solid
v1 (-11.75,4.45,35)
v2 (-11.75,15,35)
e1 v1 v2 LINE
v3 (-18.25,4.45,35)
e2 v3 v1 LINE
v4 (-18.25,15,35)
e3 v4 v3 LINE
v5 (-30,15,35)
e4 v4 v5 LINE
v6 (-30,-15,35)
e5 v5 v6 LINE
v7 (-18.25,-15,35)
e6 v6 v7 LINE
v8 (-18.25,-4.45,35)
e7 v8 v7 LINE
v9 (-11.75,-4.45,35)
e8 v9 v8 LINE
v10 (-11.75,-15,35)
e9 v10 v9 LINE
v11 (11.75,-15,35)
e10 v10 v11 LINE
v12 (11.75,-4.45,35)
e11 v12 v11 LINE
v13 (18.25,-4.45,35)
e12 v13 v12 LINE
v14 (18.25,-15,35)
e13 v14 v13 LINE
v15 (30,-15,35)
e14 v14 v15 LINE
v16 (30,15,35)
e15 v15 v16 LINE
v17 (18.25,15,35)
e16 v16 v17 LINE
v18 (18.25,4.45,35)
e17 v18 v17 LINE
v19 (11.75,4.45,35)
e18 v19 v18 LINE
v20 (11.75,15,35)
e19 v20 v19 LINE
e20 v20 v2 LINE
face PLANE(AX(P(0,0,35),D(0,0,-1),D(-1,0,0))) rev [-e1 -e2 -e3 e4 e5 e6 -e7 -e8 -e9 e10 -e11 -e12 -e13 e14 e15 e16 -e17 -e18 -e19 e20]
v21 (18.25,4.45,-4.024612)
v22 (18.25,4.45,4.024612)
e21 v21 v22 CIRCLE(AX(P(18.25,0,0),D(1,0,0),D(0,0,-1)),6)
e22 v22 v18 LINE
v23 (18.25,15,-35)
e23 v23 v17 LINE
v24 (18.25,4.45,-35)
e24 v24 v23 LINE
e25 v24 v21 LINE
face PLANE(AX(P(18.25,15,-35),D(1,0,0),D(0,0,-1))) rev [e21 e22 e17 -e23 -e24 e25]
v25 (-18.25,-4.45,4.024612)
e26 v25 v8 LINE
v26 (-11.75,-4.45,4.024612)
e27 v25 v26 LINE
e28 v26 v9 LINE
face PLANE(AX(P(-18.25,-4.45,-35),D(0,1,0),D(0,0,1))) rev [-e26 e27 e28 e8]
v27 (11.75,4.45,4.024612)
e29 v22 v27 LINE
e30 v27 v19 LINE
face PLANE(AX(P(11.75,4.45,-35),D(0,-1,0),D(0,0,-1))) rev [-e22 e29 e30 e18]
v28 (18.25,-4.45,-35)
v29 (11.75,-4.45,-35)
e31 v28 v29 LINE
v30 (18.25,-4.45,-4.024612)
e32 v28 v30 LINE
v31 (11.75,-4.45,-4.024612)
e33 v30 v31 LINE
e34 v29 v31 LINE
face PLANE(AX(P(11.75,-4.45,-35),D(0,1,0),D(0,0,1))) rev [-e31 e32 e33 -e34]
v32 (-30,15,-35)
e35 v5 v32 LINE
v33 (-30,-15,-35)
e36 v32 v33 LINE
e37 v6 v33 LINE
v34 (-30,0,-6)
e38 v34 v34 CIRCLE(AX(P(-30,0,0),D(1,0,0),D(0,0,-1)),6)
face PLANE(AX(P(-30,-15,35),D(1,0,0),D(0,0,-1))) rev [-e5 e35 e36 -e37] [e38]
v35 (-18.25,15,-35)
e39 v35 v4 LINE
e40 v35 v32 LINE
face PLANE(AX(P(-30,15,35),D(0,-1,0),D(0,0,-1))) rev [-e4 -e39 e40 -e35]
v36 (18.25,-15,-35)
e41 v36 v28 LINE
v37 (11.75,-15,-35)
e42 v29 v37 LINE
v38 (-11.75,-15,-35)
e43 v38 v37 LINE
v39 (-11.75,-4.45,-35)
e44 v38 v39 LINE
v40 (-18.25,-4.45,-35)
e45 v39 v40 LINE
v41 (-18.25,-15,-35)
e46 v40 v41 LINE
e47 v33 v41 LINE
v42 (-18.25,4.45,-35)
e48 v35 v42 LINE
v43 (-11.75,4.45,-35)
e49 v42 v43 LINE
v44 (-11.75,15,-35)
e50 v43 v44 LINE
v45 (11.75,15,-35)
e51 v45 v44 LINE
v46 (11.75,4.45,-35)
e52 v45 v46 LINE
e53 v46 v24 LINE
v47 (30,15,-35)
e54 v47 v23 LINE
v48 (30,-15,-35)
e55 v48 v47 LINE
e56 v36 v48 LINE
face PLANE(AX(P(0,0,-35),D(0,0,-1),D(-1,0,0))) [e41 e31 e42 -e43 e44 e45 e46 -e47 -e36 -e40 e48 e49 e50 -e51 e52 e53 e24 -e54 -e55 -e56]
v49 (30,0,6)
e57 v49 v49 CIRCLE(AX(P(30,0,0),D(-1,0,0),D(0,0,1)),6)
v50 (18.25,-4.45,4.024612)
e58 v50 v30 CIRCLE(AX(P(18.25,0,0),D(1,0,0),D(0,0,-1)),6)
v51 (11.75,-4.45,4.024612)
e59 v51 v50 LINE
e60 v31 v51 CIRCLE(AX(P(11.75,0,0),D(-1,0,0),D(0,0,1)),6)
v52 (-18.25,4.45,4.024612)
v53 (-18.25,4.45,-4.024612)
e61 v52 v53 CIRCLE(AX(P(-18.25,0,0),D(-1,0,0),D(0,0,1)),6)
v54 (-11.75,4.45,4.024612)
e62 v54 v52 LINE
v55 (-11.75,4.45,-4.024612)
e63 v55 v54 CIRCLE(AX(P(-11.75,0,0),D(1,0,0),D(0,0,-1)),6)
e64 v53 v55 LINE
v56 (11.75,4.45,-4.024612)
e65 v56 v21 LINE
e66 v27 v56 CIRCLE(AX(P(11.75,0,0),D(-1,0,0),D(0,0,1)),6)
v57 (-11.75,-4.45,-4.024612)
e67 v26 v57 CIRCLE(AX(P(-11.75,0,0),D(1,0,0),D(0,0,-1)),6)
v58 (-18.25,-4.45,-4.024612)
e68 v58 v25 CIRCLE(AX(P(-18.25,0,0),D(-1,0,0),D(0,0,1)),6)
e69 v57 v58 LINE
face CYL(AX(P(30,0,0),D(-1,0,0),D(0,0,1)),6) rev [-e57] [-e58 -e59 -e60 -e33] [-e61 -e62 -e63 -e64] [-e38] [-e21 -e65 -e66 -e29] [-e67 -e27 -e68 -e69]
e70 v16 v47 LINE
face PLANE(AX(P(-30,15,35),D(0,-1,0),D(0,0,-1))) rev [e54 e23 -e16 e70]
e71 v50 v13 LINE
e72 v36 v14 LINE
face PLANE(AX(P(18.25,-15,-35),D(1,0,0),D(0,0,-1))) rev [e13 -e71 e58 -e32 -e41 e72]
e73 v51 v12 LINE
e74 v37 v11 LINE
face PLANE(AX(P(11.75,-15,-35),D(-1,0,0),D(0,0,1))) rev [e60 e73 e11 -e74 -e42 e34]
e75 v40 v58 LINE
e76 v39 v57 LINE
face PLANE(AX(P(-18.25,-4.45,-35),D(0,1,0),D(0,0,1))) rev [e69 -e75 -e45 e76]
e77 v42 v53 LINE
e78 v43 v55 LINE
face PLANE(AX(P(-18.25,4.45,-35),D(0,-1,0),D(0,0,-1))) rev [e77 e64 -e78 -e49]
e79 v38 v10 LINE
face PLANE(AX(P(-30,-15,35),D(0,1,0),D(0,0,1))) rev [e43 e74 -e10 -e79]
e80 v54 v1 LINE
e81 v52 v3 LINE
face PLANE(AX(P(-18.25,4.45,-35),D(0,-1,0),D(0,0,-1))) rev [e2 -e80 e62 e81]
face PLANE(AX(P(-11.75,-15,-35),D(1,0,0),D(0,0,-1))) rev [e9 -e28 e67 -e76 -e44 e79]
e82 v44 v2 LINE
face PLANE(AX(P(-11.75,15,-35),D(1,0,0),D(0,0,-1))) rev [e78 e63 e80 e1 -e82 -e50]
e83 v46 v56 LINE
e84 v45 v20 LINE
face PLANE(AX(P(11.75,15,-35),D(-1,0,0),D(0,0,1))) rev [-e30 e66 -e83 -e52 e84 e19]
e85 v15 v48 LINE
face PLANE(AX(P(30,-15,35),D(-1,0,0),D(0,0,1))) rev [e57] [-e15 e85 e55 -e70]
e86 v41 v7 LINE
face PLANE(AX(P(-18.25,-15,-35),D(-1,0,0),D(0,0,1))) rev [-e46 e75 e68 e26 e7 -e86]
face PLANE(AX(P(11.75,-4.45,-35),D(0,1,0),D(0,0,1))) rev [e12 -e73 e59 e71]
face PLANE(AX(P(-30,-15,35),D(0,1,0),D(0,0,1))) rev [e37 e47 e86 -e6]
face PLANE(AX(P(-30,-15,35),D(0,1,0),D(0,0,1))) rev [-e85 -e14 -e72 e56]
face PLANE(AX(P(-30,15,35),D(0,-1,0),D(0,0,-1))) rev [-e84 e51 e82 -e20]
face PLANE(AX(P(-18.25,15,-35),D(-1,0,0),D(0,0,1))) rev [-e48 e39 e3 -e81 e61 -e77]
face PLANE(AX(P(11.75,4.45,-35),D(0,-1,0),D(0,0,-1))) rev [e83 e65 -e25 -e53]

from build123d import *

# Parameters (mm, degrees)
SKETCH1_W               = 60
SKETCH1_H               = 30
BOSS_EXTRUDE1_DEPTH     = 35
CUT_EXTRUDE1_DEPTH      = 49.476798574
CUT_EXTRUDE1_DEPTH_BACK = 49.476798574
SKETCH3_W               = 6.5
SKETCH3_H               = 10.55
CUT_EXTRUDE2_DEPTH      = 72.063352018
CUT_EXTRUDE2_DEPTH_BACK = 72.063352018
SKETCH4_R               = 6


with BuildPart() as part:
    # Sketch1 → Boss-Extrude1 (new, symmetric)
    with BuildSketch(Plane.XY):
        Rectangle(SKETCH1_W, SKETCH1_H)
    extrude(amount=BOSS_EXTRUDE1_DEPTH, both=True)

    # Sketch3 → Cut-Extrude1 (cut, two sides: drawn at the far end of the back side and taken through both)
    with BuildSketch(Plane.XY.offset(-CUT_EXTRUDE1_DEPTH_BACK)):
        with Locations((15, 9.725)):
            Rectangle(SKETCH3_W, SKETCH3_H)
        with Locations((-15, 9.725)):
            Rectangle(SKETCH3_W, SKETCH3_H)
        with Locations((-15, -9.725)):
            Rectangle(SKETCH3_W, SKETCH3_H)
        with Locations((15, -9.725)):
            Rectangle(SKETCH3_W, SKETCH3_H)
    extrude(amount=CUT_EXTRUDE1_DEPTH + CUT_EXTRUDE1_DEPTH_BACK, mode=Mode.SUBTRACT)

    # Sketch4 → Cut-Extrude2 (cut, two sides: drawn at the far end of the back side and taken through both)
    with BuildSketch(Plane.ZY.offset(30).offset(-CUT_EXTRUDE2_DEPTH_BACK)):
        Circle(SKETCH4_R)
    extrude(amount=CUT_EXTRUDE2_DEPTH + CUT_EXTRUDE2_DEPTH_BACK, mode=Mode.SUBTRACT)


solid = part.part
